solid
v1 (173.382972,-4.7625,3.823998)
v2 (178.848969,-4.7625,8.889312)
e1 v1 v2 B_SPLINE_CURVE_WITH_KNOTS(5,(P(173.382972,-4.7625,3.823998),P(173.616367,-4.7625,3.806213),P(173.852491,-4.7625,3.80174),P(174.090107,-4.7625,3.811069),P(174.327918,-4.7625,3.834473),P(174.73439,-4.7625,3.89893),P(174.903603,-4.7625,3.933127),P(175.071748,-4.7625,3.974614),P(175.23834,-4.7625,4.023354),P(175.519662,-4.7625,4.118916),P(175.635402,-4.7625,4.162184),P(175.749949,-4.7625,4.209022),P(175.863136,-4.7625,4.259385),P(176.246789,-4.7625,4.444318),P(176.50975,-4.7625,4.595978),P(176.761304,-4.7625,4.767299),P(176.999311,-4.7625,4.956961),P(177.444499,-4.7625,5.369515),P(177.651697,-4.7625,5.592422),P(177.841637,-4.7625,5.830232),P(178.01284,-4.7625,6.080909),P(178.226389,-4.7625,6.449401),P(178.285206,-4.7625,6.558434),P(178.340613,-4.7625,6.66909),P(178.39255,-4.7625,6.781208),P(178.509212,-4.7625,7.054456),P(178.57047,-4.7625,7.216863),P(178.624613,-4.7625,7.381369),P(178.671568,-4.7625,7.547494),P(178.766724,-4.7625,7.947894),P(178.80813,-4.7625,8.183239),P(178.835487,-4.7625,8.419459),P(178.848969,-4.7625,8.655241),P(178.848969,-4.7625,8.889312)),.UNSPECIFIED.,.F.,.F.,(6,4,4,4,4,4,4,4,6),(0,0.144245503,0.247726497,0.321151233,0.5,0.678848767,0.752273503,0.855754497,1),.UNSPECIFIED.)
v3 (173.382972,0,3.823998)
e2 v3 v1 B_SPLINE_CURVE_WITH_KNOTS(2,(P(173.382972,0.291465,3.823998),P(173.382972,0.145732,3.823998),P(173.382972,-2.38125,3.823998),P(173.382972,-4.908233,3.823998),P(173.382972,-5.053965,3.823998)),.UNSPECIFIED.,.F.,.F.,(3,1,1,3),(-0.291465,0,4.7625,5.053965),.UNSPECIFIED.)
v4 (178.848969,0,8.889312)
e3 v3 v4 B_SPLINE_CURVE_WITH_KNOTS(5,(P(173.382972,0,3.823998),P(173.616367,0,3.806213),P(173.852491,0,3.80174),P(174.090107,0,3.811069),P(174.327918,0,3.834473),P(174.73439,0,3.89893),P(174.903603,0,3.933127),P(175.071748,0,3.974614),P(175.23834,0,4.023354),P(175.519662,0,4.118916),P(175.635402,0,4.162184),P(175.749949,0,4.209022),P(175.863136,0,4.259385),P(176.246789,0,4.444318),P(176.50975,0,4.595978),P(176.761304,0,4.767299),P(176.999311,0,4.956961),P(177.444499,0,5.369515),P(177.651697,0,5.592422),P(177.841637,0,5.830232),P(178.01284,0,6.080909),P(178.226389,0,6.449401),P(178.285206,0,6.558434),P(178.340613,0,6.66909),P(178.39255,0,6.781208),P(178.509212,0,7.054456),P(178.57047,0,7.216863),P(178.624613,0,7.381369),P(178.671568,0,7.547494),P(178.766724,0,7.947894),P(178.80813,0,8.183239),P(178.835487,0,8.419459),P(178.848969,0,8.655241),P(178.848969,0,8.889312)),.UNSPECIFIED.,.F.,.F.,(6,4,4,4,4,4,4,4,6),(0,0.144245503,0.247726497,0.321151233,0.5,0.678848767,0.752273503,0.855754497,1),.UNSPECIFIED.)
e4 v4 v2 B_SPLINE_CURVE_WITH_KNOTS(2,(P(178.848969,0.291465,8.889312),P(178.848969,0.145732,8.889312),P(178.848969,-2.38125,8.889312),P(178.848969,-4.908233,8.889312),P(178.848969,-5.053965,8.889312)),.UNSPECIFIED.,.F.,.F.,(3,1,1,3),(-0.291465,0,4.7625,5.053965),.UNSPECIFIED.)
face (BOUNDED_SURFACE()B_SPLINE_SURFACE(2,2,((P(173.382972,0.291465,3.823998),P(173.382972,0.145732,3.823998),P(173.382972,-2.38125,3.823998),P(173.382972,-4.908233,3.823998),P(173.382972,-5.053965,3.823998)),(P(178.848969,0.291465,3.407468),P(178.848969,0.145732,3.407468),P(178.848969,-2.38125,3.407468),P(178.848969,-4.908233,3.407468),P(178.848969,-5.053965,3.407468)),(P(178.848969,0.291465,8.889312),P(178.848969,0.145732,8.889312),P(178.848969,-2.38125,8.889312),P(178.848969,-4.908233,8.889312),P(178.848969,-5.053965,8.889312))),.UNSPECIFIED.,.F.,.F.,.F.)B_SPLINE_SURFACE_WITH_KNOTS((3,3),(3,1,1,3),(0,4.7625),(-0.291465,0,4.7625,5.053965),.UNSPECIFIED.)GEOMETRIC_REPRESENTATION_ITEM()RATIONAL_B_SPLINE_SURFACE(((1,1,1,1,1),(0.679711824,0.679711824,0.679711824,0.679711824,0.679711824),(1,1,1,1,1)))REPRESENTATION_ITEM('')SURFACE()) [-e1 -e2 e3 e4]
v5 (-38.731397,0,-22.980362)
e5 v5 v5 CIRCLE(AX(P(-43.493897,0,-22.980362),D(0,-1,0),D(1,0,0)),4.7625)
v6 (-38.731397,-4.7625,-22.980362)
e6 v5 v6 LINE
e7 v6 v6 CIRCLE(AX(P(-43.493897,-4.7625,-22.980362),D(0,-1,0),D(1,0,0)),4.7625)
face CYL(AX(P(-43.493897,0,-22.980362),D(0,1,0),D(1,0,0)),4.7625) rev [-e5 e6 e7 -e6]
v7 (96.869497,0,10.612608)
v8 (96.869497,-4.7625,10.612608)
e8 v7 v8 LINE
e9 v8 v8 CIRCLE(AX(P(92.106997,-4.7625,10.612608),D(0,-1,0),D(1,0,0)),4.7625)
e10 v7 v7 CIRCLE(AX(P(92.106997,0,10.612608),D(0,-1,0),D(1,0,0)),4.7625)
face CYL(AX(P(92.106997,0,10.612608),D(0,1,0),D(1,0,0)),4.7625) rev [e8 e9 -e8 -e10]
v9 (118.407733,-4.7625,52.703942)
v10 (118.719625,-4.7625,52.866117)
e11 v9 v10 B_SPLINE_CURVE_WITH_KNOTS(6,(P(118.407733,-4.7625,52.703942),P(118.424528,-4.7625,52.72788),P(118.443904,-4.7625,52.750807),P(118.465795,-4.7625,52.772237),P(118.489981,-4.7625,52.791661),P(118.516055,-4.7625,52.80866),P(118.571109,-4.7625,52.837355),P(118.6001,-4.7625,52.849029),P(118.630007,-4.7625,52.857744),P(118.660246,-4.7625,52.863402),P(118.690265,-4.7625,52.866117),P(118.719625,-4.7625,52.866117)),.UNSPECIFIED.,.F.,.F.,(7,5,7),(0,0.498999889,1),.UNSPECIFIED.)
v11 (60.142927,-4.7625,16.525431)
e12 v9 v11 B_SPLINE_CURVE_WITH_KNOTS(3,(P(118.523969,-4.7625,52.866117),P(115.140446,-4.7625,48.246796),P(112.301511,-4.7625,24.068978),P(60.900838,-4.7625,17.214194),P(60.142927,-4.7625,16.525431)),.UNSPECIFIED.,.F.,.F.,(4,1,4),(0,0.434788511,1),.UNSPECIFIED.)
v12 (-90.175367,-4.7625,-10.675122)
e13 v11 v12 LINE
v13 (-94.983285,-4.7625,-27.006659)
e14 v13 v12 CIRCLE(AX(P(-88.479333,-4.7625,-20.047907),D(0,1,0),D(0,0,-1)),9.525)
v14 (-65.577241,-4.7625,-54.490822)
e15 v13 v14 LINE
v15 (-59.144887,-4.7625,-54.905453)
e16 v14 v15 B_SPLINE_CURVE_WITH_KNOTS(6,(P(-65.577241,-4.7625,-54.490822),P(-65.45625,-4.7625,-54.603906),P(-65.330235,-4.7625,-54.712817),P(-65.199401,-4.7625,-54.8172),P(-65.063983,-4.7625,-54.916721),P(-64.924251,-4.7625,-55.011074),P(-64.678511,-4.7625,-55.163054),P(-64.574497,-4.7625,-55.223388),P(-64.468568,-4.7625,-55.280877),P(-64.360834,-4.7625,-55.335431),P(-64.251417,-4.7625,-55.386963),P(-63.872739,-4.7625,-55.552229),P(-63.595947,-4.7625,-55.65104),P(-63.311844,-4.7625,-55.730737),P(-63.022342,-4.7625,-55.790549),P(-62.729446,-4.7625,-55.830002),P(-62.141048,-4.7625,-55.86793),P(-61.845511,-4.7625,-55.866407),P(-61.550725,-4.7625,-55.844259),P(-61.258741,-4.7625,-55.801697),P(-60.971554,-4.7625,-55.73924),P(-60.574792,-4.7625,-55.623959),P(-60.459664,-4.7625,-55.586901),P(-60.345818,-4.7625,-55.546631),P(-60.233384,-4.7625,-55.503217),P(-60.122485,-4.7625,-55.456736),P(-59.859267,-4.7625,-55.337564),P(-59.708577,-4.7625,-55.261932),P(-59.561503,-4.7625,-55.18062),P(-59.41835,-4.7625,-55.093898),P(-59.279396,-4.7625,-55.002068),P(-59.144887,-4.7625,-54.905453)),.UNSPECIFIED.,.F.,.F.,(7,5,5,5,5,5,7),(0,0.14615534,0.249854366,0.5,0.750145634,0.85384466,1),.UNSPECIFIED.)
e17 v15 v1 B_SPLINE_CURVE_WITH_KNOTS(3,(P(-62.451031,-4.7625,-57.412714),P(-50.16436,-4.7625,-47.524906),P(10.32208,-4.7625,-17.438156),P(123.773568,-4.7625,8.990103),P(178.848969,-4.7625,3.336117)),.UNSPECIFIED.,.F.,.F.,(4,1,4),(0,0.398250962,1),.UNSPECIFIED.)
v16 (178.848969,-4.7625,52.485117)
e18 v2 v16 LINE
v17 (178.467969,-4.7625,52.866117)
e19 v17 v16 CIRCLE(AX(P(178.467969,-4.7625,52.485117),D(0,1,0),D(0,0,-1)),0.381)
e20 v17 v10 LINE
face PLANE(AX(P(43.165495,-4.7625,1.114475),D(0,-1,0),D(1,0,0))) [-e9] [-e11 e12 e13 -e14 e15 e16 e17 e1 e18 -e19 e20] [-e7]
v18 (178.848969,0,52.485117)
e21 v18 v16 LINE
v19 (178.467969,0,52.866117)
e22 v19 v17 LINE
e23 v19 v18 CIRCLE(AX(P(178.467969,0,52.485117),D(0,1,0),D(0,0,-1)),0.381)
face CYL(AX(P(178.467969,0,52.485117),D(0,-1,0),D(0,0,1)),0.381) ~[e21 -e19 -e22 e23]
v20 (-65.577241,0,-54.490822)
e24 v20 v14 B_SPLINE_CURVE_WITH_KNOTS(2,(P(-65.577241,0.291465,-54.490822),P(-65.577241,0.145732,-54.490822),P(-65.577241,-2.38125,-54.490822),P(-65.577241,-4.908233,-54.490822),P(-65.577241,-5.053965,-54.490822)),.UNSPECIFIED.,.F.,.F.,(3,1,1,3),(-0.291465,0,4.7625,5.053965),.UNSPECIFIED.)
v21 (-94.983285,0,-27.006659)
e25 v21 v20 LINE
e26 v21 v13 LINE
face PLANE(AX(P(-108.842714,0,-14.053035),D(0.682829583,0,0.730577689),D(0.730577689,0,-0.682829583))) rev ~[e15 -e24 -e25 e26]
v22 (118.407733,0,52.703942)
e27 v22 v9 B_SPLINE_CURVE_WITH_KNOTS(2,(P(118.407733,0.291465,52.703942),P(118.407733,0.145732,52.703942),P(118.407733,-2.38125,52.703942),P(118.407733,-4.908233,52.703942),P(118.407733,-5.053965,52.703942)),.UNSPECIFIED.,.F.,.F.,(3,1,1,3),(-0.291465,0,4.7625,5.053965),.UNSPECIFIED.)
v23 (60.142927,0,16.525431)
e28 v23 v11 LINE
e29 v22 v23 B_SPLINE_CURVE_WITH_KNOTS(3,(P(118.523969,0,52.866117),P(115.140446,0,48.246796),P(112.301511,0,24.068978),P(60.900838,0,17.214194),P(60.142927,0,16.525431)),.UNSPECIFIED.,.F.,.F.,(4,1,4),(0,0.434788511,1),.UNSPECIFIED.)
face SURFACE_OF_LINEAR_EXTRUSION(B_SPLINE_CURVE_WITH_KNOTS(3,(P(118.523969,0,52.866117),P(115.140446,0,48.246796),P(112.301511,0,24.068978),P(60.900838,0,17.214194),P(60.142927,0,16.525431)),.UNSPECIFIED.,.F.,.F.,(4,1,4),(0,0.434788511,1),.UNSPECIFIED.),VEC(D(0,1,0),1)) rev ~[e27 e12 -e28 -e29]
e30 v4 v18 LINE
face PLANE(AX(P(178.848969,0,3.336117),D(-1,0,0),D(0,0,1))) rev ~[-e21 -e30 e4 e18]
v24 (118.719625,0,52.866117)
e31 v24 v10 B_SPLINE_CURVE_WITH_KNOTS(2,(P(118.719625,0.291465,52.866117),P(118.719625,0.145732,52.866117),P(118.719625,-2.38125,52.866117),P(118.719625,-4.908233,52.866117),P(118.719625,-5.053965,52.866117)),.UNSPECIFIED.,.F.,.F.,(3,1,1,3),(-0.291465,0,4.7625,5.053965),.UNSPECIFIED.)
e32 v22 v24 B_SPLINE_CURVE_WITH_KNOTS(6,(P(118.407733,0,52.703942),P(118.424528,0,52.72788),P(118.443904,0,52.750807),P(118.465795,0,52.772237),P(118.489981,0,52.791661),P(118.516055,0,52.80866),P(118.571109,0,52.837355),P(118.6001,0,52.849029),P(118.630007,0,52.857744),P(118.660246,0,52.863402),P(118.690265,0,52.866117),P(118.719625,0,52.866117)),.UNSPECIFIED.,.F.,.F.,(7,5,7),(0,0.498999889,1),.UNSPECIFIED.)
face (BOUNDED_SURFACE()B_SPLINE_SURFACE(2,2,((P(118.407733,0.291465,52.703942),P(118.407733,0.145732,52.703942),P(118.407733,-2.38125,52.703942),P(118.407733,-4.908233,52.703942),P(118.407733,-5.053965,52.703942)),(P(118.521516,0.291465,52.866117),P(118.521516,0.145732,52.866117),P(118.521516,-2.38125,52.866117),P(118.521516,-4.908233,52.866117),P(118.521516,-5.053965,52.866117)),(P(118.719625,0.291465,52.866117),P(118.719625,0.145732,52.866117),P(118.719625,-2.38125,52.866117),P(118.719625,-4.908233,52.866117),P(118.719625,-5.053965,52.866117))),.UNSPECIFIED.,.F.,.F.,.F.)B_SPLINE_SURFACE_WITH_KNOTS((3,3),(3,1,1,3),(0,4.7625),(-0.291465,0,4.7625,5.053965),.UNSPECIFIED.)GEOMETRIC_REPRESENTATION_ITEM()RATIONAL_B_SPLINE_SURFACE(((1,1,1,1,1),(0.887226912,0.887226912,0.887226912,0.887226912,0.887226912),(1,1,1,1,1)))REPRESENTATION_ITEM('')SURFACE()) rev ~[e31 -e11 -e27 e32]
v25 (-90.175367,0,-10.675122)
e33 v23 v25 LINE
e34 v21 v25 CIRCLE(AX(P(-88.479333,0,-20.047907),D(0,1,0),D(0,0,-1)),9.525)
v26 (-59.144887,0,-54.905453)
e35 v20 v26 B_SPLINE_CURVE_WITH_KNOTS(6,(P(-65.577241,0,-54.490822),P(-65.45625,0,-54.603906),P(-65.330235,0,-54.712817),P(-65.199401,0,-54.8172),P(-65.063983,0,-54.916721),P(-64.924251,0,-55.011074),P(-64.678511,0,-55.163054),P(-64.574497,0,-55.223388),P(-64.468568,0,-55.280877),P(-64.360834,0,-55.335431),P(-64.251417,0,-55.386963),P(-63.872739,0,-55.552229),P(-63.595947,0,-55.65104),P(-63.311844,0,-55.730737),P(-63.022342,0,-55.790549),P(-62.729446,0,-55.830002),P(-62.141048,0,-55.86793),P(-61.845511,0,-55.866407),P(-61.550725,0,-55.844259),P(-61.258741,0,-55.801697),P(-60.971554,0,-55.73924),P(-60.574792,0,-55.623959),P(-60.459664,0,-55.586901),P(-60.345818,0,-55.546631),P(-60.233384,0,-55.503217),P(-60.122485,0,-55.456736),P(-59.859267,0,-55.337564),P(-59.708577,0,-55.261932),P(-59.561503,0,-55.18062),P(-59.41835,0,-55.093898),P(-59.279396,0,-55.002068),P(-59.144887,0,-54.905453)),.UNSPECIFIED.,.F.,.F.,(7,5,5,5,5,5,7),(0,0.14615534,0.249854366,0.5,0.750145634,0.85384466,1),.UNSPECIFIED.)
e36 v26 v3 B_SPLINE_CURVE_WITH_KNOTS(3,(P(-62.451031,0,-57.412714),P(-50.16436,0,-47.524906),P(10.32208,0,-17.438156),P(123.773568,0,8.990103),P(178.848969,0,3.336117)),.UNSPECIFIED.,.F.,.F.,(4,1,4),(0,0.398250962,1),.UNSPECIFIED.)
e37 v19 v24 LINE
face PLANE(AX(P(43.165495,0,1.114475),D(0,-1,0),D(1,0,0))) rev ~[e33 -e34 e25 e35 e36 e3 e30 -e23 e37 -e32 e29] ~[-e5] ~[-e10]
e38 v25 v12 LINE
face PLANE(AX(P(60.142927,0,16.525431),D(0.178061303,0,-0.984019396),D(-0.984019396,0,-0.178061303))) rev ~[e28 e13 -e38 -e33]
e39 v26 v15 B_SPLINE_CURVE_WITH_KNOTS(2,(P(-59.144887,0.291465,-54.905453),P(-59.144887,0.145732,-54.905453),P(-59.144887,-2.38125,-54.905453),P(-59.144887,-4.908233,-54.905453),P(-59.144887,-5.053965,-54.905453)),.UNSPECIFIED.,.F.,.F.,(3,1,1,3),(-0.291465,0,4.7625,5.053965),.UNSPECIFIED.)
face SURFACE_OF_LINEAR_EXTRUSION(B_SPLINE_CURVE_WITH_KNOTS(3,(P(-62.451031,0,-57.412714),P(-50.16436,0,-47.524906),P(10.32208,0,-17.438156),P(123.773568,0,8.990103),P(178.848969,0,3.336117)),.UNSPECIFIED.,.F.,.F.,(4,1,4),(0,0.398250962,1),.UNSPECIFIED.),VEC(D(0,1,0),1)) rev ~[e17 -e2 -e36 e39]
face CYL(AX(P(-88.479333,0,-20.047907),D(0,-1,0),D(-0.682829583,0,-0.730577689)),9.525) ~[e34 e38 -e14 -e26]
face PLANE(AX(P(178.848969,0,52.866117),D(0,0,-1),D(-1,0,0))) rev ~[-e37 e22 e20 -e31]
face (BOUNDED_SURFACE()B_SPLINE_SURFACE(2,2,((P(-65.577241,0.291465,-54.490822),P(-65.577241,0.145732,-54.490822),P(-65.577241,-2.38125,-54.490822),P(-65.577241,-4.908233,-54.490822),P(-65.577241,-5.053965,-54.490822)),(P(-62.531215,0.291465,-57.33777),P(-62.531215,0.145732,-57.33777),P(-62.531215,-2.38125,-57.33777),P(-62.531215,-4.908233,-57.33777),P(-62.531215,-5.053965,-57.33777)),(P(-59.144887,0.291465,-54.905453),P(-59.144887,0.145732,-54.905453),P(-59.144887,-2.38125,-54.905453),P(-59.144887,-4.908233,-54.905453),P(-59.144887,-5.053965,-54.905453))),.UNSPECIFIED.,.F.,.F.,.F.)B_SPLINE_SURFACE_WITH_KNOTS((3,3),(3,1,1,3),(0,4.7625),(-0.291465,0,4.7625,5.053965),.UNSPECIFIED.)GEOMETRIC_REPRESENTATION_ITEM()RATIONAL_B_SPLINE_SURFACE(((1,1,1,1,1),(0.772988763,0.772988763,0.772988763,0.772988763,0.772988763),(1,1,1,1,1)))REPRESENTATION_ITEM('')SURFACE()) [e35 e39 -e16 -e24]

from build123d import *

# Parameters (mm, degrees)
F0_R     = 4.7625
F1_DEPTH = 4.7625
F2_R     = 5.08
F3_R     = 9.525
F4_R     = 0.381


with BuildPart() as f1:
    # F0 (on Front) → F1 (new body)
    with BuildSketch(Plane.XZ):
        with BuildLine():
            Line((60.1429268718, 16.5254306048), (-108.8427143228, -14.0530352161))
            Line((-108.8427143228, -14.0530352161), (-62.451031059, -57.4127137661))
            add(Edge.make_bspline(
                [(-62.451031059, -57.4127137661), (-50.1643598375, -47.5249055274), (10.3220797139, -17.4381564578), (123.773567881, 8.9901031394), (178.848968941, 3.3361169696)],
                knots=[0, 0, 0, 0, 0.398250962, 1, 1, 1, 1], degree=3))
            Line((178.848968941, 3.3361169696), (178.848968941, 52.8661169696))
            Line((178.848968941, 52.8661169696), (118.523968941, 52.8661169696))
            add(Edge.make_bspline(
                [(118.523968941, 52.8661169696), (115.1404463597, 48.2467955264), (112.3015113048, 24.068977806), (60.9008384489, 17.214194077), (60.1429268718, 16.5254306048)],
                knots=[0, 0, 0, 0, 0.4347885114, 1, 1, 1, 1], degree=3))
        make_face()
        with Locations((-43.4938967228, -22.9803621769)):
            Circle(F0_R, mode=Mode.SUBTRACT)
        with Locations((92.106996992, 10.612607679)):
            Circle(F0_R, mode=Mode.SUBTRACT)
    extrude(amount=F1_DEPTH)

    # F2
    f2_edges = [f1.edges().sort_by_distance(p)[0] for p in [
        (-62.451031, -2.38125, -57.412714),
        (178.848969, -2.38125, 3.336117),
    ]]
    fillet(f2_edges, radius=F2_R)

    # F3
    f3_edges = [f1.edges().sort_by_distance(p)[0] for p in [
        (-108.842714, -2.38125, -14.053035),
    ]]
    fillet(f3_edges, radius=F3_R)

    # F4
    f4_edges = [f1.edges().sort_by_distance(p)[0] for p in [
        (178.848969, -2.38125, 52.866117),
        (118.523969, -2.38125, 52.866117),
    ]]
    fillet(f4_edges, radius=F4_R)


solid = f1.part
